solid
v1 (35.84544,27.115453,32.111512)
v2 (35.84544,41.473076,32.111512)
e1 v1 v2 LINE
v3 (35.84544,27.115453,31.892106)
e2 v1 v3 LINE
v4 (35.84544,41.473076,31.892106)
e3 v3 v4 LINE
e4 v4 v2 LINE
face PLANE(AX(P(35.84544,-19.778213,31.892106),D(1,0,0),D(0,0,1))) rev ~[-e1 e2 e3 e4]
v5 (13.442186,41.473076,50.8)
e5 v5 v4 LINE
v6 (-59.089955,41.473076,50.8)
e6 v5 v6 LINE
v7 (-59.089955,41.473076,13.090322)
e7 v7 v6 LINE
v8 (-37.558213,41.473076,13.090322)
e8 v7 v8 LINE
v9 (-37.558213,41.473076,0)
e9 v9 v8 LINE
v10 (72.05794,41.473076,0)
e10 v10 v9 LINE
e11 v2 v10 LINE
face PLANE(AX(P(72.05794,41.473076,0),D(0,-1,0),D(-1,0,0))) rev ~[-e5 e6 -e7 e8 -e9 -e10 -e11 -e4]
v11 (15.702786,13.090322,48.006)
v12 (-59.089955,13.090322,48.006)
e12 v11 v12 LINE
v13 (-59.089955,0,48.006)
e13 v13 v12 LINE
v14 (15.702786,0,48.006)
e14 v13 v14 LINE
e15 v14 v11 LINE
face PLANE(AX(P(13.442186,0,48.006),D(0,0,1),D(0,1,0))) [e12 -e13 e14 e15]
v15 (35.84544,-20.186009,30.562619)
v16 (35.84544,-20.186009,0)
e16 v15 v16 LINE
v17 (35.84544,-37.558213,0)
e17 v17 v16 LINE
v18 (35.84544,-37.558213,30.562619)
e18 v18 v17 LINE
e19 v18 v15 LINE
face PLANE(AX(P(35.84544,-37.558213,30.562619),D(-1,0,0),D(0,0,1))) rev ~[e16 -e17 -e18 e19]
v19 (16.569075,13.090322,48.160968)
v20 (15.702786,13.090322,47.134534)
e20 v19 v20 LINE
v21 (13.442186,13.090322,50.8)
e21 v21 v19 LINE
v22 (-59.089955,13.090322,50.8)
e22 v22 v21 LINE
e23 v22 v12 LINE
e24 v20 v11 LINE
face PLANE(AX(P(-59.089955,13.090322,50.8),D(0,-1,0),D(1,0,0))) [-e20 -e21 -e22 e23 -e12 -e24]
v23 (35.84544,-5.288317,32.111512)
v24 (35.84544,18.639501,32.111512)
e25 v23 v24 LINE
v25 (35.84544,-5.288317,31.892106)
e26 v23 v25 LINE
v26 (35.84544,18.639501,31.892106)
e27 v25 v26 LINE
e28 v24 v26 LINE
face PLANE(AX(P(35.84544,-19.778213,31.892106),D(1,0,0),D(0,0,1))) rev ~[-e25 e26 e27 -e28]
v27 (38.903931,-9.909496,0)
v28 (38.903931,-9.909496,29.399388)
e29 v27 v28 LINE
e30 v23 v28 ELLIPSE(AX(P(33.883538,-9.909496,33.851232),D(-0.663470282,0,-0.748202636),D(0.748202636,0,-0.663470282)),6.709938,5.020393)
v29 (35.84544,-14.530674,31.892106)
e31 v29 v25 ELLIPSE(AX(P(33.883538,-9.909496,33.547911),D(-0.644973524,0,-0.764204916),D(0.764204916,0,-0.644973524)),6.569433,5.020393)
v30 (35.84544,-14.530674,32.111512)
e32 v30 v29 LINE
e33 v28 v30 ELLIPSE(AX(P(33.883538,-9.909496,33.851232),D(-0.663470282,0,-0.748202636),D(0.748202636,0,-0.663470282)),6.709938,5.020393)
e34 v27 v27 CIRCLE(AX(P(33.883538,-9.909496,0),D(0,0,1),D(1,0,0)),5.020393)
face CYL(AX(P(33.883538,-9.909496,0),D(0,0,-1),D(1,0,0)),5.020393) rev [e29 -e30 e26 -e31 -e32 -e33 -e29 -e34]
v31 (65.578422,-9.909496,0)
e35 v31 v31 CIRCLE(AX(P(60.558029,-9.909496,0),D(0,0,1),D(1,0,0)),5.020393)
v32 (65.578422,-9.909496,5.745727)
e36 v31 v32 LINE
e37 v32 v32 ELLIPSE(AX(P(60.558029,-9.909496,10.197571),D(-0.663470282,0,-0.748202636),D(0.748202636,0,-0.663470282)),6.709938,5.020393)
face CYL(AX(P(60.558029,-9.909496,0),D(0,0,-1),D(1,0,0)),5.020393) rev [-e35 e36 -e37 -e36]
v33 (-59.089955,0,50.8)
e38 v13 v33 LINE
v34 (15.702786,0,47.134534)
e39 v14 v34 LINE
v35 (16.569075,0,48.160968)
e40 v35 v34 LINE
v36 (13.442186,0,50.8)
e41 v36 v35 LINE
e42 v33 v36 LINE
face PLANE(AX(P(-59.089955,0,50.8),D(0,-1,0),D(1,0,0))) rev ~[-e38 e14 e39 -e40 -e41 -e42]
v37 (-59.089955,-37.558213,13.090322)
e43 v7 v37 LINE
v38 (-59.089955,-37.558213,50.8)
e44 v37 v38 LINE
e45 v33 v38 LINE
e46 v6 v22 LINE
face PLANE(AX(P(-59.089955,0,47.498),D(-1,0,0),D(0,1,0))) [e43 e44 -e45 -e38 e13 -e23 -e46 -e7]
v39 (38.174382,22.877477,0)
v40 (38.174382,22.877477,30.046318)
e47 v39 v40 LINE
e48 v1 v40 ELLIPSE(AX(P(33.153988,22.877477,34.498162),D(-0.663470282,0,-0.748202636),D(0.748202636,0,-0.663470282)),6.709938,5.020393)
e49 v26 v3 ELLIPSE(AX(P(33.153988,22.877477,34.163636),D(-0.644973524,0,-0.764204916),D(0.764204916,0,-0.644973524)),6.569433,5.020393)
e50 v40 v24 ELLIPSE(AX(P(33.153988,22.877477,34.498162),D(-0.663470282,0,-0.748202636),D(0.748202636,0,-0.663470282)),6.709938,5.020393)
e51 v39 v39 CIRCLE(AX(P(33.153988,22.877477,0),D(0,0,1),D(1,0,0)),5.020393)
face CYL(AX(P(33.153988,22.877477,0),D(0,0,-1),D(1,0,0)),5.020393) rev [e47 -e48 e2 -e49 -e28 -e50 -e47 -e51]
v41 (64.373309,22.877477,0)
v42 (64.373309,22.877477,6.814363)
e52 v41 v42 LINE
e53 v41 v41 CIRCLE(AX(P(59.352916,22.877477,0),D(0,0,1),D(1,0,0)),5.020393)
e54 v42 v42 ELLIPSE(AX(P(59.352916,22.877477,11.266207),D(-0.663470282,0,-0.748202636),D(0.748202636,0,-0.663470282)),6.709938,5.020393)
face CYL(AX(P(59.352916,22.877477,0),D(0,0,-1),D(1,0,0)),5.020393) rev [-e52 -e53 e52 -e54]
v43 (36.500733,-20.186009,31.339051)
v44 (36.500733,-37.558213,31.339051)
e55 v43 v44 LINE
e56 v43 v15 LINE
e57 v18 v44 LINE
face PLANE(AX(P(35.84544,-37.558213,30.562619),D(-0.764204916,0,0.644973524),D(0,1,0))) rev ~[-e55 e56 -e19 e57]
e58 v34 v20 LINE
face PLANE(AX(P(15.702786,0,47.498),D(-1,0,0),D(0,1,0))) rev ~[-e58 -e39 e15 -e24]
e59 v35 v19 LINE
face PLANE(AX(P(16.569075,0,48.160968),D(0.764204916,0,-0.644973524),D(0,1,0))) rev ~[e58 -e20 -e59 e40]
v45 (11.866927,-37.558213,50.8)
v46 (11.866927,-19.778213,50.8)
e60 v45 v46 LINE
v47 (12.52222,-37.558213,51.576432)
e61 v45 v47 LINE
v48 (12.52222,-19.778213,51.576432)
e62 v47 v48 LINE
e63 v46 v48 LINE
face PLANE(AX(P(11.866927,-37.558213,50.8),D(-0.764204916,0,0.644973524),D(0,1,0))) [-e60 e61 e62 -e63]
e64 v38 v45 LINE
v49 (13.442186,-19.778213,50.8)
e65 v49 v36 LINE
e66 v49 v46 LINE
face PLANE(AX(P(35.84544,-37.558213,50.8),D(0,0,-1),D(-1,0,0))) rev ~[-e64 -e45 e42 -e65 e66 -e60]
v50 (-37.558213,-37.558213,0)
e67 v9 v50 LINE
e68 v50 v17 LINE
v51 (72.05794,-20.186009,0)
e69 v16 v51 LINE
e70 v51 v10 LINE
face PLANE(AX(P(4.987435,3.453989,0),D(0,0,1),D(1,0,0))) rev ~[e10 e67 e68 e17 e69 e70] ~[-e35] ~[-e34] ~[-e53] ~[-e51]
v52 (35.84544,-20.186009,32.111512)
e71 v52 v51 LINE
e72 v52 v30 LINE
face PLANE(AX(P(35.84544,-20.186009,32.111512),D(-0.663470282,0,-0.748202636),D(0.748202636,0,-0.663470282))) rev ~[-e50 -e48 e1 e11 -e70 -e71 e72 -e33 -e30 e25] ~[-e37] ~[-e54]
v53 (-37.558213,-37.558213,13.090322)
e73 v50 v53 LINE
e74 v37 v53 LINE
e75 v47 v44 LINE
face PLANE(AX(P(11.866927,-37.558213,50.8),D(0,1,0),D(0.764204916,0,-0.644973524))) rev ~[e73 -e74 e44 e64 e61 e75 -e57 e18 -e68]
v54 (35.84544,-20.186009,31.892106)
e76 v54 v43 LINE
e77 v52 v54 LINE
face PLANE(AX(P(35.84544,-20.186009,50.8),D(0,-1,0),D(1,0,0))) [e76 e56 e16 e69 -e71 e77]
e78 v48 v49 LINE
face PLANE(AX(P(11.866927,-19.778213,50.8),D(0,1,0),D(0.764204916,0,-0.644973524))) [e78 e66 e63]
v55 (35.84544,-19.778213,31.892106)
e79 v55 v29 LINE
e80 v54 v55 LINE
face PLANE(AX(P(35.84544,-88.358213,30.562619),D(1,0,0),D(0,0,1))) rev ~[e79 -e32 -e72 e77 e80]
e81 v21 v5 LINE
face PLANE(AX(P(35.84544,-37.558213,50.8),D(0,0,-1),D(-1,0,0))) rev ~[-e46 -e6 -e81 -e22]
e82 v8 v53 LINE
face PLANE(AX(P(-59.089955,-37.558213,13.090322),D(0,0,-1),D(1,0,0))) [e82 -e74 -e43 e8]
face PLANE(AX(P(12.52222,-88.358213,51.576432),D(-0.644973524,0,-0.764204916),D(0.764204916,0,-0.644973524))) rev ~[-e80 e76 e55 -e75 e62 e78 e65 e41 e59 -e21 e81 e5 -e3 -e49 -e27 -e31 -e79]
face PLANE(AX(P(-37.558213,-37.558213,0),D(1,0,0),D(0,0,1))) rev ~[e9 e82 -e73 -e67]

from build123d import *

# Parameters (mm, degrees)
F0_R      = 5.0203932543
F0_W      = 36.212477833
F0_H      = 17.3722021282
F1_DEPTH  = 50.8
F2_W      = 36.2125001848
F2_H      = 17.3722039908
F3_DEPTH  = 50.8
F5_DEPTH  = 50.8
F7_DEPTH  = 50.8
F8_DEPTH  = 68.58
F9_DEPTH  = 1.016
F11_DEPTH = 63.5
F12_W     = 21.5317420661
F12_H     = 13.0903217942
F13_DEPTH = 76.2
F14_DEPTH = 25.4
F15_W     = 72.532140549
F15_H     = 13.0903217942
F16_DEPTH = 12.7
F17_W     = 4.0916903161
F17_H     = 13.0903217942
F18_DEPTH = 12.7
F19_DEPTH = 6.35
F20_DEPTH = 5.08
F21_DEPTH = 2.2606
F22_DEPTH = 2.032
F23_DEPTH = 1.524
F24_DEPTH = 1.016


with BuildPart() as f1:
    # F0 (on Top) → F1 (new body)
    with BuildSketch(Plane.XY):
        Polygon((-59.0899549425, 41.4730757475), (-59.0899549425, -37.5582128763), (35.8454622328, -37.5582128763), (35.8454622328, -20.1860107481), (72.0579400659, -20.1860107481), (72.0579400659, 41.4730757475), align=None)
        with Locations((33.8835379278, -9.9094957113)):
            Circle(F0_R, mode=Mode.SUBTRACT)
        with Locations((60.5580285192, -9.9094957113)):
            Circle(F0_R, mode=Mode.SUBTRACT)
        with Locations((33.153988421, 22.8774771094)):
            Circle(F0_R, mode=Mode.SUBTRACT)
        with Locations((59.3529156527, 22.8774771094)):
            Circle(F0_R, mode=Mode.SUBTRACT)
        with Locations((53.9517011493, -28.8721118122)):
            Rectangle(F0_W, F0_H)
    extrude(amount=F1_DEPTH)

    # F2 (on face) → F3 (cut)
    with BuildSketch(Plane.XY.offset(50.8)):
        with Locations((53.9516899735, -28.8721108809)):
            Rectangle(F2_W, F2_H)
    extrude(amount=-F3_DEPTH, mode=Mode.SUBTRACT)

    # F4 (on face) → F5 (join)
    with BuildSketch(Plane.XZ.offset(37.5582128763)):
        Polygon((11.8669271469, 50.8), (35.8454398811, 30.5626192379), (35.8454398811, 50.8), align=None)
    extrude(amount=F5_DEPTH)

    # F6 (on face) → F7 (cut)
    with BuildSketch(Plane.XY):
        Polygon((-59.0899549425, 40.9865353048), (-60.1052679121, 25.7568676025), (-59.0899549425, 25.7568676025), align=None)
        Polygon((-59.0484701097, 41.6088066995), (-59.0575188558, 41.4730757475), (-25.7593989372, 41.4730757475), (-25.7593989372, 41.6088066995), align=None)
        Polygon((-59.0899549425, 40.9865353048), (-59.0899549425, 25.7568676025), (-25.7593989372, 25.7568676025), (-25.7593989372, 41.4730757475), (-59.0575188558, 41.4730757475), align=None)
    extrude(amount=-F7_DEPTH, mode=Mode.SUBTRACT)

    # F8 (cut): a face of the model
    f8_faces = [f1.faces().sort_by_distance(p)[0] for p in [
        (27.852602303, -88.3582128763, 44.0542064126),
    ]]
    extrude(f8_faces, amount=-F8_DEPTH, mode=Mode.SUBTRACT)

    # F9 (add): a face of the model
    f9_faces = [f1.faces().sort_by_distance(p)[0] for p in [
        (23.856183514, -28.6682128763, 40.681309619),
    ]]
    extrude(f9_faces, amount=F9_DEPTH)

    # F8_face1 (on face) + F10 (on face) → F11 (cut)
    with BuildSketch(Plane(origin=(28.3776884562, -19.7782128763, 44.4973685275), x_dir=(1, 0, 0), z_dir=(0, -1, 0))):
        Polygon((7.4677514249, -12.6052629449), (7.4677514249, 6.3026314725), (-14.9355028497, 6.3026314725), align=None)
    with BuildSketch(Plane.XZ.offset(20.1860088855)):
        Polygon((35.8454398811, 32.1115117159), (72.0579400659, 0), (72.0579400659, 50.8), (35.8454398811, 50.8), align=None)
    extrude(amount=-F11_DEPTH, mode=Mode.SUBTRACT)

    # F12 (on face) → F13 (cut)
    with BuildSketch(Plane.XZ.offset(37.5582128763)):
        with Locations((-48.3240839094, 6.5451608971)):
            Rectangle(F12_W, F12_H)
    extrude(amount=-F13_DEPTH, mode=Mode.SUBTRACT)

    # F14 (cut): a face of the model
    f14_faces = [f1.faces().sort_by_distance(p)[0] for p in [
        (-48.3240839094, 38.6417871237, 6.5451608971),
    ]]
    extrude(f14_faces, amount=-F14_DEPTH, mode=Mode.SUBTRACT)

    # F15 (on face) → F16 (cut)
    with BuildSketch(Plane.XY.offset(50.8)):
        with Locations((-22.823884668, 6.5451608971)):
            Rectangle(F15_W, F15_H)
    extrude(amount=-F16_DEPTH, mode=Mode.SUBTRACT)

    # F17 (on face) → F18 (cut)
    with BuildSketch(Plane(origin=(30.6307366038, 0, 36.2932098944), x_dir=(0.7642049157, 0, -0.6449735241), z_dir=(0.6449735241, 0, 0.7642049157))):
        with Locations((-20.446225546, 6.5451608971)):
            Rectangle(F17_W, F17_H)
    extrude(amount=-F18_DEPTH, mode=Mode.SUBTRACT)

    # F19 (add): a face of the model
    f19_faces = [f1.faces().sort_by_distance(p)[0] for p in [
        (-22.823884668, 6.5451608971, 38.1),
    ]]
    extrude(f19_faces, amount=F19_DEPTH)

    # F20 (add): a face of the model
    f20_faces = [f1.faces().sort_by_distance(p)[0] for p in [
        (-22.823884668, 6.5451608971, 44.45),
    ]]
    extrude(f20_faces, amount=F20_DEPTH)

    # F21 (add): a face of the model
    f21_faces = [f1.faces().sort_by_distance(p)[0] for p in [
        (13.4421856065, 6.5451608971, 46.9930168384),
    ]]
    extrude(f21_faces, amount=F21_DEPTH)

    # F22 (cut): a face of the model
    f22_faces = [f1.faces().sort_by_distance(p)[0] for p in [
        (-21.693584668, 6.5451608971, 49.53),
    ]]
    extrude(f22_faces, amount=-F22_DEPTH, mode=Mode.SUBTRACT)

    # F23 (add): a face of the model
    f23_faces = [f1.faces().sort_by_distance(p)[0] for p in [
        (-21.693584668, 6.5451608971, 47.498),
    ]]
    extrude(f23_faces, amount=F23_DEPTH)

    # F24 (cut): a face of the model
    f24_faces = [f1.faces().sort_by_distance(p)[0] for p in [
        (-21.693584668, 6.5451608971, 49.022),
    ]]
    extrude(f24_faces, amount=-F24_DEPTH, mode=Mode.SUBTRACT)


solid = f1.part
